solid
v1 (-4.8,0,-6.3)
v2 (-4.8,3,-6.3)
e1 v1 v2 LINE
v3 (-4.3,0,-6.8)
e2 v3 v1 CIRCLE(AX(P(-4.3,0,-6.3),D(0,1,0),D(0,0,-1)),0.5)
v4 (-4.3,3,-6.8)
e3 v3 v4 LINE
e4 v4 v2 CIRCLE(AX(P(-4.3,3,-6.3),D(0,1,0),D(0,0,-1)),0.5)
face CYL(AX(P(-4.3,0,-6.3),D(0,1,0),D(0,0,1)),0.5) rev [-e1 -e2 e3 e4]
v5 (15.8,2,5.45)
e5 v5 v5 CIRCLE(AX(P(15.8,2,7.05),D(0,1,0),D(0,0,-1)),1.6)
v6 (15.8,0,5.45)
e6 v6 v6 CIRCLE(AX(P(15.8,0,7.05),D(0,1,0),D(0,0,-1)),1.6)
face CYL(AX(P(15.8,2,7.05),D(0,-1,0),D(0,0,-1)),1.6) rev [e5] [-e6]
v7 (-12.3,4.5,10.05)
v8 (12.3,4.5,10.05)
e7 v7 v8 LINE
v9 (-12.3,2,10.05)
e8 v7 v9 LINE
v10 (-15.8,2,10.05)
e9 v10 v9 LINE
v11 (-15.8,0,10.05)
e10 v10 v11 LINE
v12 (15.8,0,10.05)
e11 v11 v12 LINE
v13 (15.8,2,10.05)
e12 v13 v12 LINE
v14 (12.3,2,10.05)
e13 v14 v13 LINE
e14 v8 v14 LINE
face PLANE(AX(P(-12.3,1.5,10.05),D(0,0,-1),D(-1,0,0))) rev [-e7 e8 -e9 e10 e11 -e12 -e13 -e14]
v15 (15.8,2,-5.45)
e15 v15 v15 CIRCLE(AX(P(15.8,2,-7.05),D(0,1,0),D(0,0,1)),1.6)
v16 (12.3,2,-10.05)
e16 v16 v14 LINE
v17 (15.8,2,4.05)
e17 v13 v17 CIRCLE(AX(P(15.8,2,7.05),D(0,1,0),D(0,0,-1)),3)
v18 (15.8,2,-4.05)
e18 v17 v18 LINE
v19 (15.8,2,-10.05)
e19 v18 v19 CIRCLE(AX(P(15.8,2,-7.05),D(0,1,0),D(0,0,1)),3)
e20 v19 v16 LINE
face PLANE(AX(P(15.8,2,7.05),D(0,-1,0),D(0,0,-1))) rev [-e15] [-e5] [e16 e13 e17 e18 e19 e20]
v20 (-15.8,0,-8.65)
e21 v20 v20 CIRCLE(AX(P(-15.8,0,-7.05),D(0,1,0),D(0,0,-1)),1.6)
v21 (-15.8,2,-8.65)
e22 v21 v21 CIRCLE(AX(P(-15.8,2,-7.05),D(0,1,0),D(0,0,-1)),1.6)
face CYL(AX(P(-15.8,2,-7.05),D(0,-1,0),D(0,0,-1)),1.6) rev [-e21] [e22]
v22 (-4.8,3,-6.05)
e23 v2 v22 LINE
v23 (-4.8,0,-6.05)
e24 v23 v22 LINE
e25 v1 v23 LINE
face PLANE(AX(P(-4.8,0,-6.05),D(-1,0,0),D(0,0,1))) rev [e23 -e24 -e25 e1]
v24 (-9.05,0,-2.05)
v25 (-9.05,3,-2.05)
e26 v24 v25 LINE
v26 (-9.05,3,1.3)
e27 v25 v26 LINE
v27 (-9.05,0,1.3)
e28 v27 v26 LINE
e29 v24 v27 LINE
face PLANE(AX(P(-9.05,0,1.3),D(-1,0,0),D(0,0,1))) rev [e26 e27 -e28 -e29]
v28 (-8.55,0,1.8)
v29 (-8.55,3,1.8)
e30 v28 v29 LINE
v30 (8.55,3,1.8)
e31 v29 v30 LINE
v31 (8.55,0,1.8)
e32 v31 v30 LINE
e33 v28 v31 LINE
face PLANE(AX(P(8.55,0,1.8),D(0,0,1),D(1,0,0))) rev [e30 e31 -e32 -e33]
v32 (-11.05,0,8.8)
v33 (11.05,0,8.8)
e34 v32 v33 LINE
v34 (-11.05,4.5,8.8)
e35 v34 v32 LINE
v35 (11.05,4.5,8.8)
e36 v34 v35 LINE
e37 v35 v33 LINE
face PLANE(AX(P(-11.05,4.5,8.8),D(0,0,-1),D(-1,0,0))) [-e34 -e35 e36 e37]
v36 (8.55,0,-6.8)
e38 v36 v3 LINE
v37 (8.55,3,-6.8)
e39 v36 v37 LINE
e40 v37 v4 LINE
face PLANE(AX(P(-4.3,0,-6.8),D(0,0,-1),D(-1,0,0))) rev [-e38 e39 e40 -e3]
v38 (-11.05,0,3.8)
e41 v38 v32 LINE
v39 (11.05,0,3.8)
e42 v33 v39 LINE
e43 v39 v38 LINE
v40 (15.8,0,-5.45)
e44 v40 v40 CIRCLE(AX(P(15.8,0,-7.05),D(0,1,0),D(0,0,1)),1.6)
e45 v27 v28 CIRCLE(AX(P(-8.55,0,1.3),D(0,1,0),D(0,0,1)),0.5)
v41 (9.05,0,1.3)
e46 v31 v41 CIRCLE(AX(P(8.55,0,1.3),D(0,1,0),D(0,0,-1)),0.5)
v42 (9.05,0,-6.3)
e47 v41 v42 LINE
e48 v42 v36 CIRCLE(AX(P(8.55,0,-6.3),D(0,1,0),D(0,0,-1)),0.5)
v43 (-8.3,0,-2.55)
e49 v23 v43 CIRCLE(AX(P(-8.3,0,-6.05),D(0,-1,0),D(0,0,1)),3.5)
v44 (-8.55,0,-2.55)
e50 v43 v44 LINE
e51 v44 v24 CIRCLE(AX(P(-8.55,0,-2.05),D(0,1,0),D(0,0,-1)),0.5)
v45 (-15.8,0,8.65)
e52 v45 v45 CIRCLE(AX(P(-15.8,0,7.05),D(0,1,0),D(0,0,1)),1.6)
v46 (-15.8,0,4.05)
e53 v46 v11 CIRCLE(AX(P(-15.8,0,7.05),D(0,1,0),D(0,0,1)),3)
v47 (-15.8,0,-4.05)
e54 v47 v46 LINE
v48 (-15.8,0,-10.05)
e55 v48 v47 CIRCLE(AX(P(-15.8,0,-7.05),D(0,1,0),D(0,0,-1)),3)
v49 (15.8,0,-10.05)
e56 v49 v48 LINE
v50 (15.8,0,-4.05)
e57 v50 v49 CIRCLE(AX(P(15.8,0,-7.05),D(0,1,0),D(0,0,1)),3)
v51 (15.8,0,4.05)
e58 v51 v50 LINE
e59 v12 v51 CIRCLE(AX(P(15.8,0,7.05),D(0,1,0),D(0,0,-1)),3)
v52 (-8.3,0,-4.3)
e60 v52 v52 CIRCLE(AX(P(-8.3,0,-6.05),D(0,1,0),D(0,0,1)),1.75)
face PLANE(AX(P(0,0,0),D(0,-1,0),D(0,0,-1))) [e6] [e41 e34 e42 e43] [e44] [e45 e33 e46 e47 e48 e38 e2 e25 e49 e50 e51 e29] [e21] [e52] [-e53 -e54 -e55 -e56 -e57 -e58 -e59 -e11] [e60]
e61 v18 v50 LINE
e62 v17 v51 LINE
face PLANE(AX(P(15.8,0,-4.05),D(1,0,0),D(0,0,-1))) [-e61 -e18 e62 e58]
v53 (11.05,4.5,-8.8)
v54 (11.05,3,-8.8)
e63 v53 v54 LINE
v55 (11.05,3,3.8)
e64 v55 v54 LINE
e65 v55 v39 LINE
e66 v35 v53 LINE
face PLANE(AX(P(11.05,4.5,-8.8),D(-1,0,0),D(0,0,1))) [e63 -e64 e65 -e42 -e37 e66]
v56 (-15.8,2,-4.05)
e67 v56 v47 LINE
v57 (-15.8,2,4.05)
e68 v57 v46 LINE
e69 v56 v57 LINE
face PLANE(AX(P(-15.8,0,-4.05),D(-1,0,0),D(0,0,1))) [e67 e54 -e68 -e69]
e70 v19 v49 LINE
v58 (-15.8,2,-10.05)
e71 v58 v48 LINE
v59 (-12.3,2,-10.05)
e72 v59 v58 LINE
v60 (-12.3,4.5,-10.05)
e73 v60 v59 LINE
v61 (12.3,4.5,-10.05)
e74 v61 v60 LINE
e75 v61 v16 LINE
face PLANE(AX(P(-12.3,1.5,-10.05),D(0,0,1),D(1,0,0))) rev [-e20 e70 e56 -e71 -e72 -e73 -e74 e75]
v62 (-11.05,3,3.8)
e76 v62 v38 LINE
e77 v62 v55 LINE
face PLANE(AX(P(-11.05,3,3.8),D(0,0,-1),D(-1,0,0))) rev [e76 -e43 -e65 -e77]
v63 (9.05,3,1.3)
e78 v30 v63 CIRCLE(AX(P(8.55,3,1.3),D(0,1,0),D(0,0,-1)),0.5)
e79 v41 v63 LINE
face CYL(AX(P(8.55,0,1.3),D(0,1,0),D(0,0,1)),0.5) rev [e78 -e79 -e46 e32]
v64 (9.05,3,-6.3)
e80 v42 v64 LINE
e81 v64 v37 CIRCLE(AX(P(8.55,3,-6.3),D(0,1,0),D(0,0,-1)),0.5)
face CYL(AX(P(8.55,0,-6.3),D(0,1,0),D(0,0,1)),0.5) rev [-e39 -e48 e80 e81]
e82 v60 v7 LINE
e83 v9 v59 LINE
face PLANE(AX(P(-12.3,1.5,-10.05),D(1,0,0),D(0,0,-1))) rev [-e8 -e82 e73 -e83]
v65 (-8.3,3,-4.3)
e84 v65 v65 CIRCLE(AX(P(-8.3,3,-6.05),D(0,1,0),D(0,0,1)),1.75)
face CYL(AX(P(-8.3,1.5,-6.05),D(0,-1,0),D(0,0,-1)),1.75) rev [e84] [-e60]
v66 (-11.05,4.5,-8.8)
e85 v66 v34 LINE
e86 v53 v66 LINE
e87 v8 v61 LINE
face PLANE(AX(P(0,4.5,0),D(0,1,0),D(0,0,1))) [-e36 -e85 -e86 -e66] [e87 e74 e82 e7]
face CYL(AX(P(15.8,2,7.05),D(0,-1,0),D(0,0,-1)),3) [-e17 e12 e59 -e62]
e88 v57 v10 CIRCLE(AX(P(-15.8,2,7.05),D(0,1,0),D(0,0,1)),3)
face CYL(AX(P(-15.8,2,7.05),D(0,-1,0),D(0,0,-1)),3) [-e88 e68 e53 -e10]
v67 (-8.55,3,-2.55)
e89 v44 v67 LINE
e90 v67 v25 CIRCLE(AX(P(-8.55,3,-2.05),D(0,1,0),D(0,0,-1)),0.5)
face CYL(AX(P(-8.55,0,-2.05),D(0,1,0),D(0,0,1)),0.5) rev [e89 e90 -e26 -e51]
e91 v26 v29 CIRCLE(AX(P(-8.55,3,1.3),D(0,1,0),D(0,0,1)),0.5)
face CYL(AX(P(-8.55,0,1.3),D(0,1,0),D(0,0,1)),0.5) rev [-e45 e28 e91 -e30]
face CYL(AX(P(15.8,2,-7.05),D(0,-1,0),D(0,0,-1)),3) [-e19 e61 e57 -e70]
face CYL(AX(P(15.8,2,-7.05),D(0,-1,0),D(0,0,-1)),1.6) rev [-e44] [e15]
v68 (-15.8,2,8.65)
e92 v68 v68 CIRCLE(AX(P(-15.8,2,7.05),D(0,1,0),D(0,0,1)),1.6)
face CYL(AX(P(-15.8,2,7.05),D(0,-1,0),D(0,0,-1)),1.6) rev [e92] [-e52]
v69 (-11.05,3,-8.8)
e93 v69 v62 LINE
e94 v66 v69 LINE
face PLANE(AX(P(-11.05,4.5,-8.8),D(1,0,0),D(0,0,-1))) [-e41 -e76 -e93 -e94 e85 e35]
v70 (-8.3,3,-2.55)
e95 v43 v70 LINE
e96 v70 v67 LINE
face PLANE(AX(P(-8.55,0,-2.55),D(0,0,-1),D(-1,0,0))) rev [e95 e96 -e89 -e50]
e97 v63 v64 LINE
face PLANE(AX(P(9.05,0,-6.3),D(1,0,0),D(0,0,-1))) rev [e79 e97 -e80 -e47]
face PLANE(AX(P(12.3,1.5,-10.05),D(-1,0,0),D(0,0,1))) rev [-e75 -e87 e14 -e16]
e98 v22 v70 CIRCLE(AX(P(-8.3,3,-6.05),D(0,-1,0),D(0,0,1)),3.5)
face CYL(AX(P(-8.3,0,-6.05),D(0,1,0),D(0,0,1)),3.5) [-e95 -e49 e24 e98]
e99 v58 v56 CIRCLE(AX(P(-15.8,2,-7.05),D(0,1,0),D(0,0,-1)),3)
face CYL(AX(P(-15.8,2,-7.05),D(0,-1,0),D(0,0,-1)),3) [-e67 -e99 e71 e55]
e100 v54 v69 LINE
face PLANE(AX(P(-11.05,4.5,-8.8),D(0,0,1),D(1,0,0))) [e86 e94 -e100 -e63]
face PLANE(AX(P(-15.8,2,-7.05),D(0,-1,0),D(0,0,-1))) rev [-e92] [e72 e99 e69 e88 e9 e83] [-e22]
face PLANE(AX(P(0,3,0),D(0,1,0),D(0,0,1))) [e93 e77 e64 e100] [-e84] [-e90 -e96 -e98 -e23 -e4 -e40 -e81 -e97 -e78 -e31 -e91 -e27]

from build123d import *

# Parameters (mm, degrees)
SKETCH1_W           = 24.6
SKETCH1_H           = 20.1
SKETCH1_R           = 1.75
BOSS_EXTRUDE1_DEPTH = 1.5
SKETCH2_W           = 24.6
SKETCH2_H           = 20.1
SKETCH2_W_2         = 22.1
SKETCH2_H_2         = 17.6
BOSS_EXTRUDE2_DEPTH = 3
SKETCH3_W           = 22.1
SKETCH3_H           = 12.6
SKETCH3_R           = 1.75
BOSS_EXTRUDE3_DEPTH = 1.5
SKETCH4_R           = 1.6
BOSS_EXTRUDE4_DEPTH = 2
CUT_EXTRUDE1_DEPTH  = 22.527714695
SKETCH6_W           = 22.1
SKETCH6_H           = 5
CUT_EXTRUDE2_DEPTH  = 22.527714695
SKETCH8_W           = 3.5
SKETCH8_H           = 8.1
BOSS_EXTRUDE5_DEPTH = 2


with BuildPart() as part:
    # Sketch1 → Boss-Extrude1 (new body)
    with BuildSketch(Plane(origin=(0, 0, 0), x_dir=(1, 0, 0), z_dir=(0, 1, 0))):
        Rectangle(SKETCH1_W, SKETCH1_H)
        with Locations(Location((-8.3, 6.05, 0), (0, 0, 270))):
            Circle(SKETCH1_R, mode=Mode.SUBTRACT)
    extrude(amount=BOSS_EXTRUDE1_DEPTH)

    # Sketch2 → Boss-Extrude2 (add)
    with BuildSketch(Plane(origin=(0, 1.5, 0), x_dir=(1, 0, 0), z_dir=(0, 1, 0))):
        Rectangle(SKETCH2_W, SKETCH2_H)
        Rectangle(SKETCH2_W_2, SKETCH2_H_2, mode=Mode.SUBTRACT)
    extrude(amount=BOSS_EXTRUDE2_DEPTH)

    # Sketch3 → Boss-Extrude3 (add)
    with BuildSketch(Plane(origin=(0, 1.5, 0), x_dir=(1, 0, 0), z_dir=(0, 1, 0))):
        with Locations((0, 2.5)):
            Rectangle(SKETCH3_W, SKETCH3_H)
        with Locations(Location((-8.3, 6.05, 0), (0, 0, 270))):
            Circle(SKETCH3_R, mode=Mode.SUBTRACT)
    extrude(amount=BOSS_EXTRUDE3_DEPTH)

    # Sketch4 → Boss-Extrude4 (add)
    # profile 1 of 4: a face of its own
    with BuildSketch(Plane(origin=(0, 0, 0), x_dir=(1, 0, 0), z_dir=(0, 1, 0))):
        with BuildLine():
            Line((15.8, 10.05), (12.3, 10.05))
            Line((12.3, 10.05), (12.3, 4.05))
            Line((12.3, 4.05), (15.8, 4.05))
            ThreePointArc((15.8, 4.05), (18.8, 7.05), (15.8, 10.05))
        make_face()
        with Locations(Location((15.8, 7.05, 0), (0, 0, 270))):
            Circle(SKETCH4_R, mode=Mode.SUBTRACT)
    # profile 2 of 4: a face of its own
    with BuildSketch(Plane(origin=(0, 0, 0), x_dir=(1, 0, 0), z_dir=(0, 1, 0))):
        with BuildLine():
            Line((-15.8, 4.05), (-12.3, 4.05))
            Line((-12.3, 4.05), (-12.3, 10.05))
            Line((-12.3, 10.05), (-15.8, 10.05))
            ThreePointArc((-15.8, 10.05), (-18.8, 7.05), (-15.8, 4.05))
        make_face()
        with Locations(Location((-15.8, 7.05, 0), (0, 0, 90))):
            Circle(SKETCH4_R, mode=Mode.SUBTRACT)
    # profile 3 of 4: a face of its own
    with BuildSketch(Plane(origin=(0, 0, 0), x_dir=(1, 0, 0), z_dir=(0, 1, 0))):
        with BuildLine():
            Line((15.8, -4.05), (12.3, -4.05))
            Line((12.3, -4.05), (12.3, -10.05))
            Line((12.3, -10.05), (15.8, -10.05))
            ThreePointArc((15.8, -10.05), (18.8, -7.05), (15.8, -4.05))
        make_face()
        with Locations(Location((15.8, -7.05, 0), (0, 0, 90))):
            Circle(SKETCH4_R, mode=Mode.SUBTRACT)
    # profile 4 of 4: a face of its own
    with BuildSketch(Plane(origin=(0, 0, 0), x_dir=(1, 0, 0), z_dir=(0, 1, 0))):
        with BuildLine():
            Line((-15.8, -10.05), (-12.3, -10.05))
            Line((-12.3, -10.05), (-12.3, -4.05))
            Line((-12.3, -4.05), (-15.8, -4.05))
            ThreePointArc((-15.8, -4.05), (-18.8, -7.05), (-15.8, -10.05))
        make_face()
        with Locations(Location((-15.8, -7.05, 0), (0, 0, 270))):
            Circle(SKETCH4_R, mode=Mode.SUBTRACT)
    extrude(amount=BOSS_EXTRUDE4_DEPTH)

    # Sketch5 → Cut-Extrude1 (cut, through all)
    with BuildSketch(Plane(origin=(0, 3, 0), x_dir=(1, 0, 0), z_dir=(0, 1, 0))):
        with BuildLine():
            Line((-9.05, -1.3), (-9.05, 2.05))
            ThreePointArc((-9.05, 2.05), (-8.903553391, 2.403553391), (-8.55, 2.55))
            Line((-8.55, 2.55), (-8.3, 2.55))
            ThreePointArc((-8.3, 2.55), (-5.825126266, 3.575126266), (-4.8, 6.05))
            Line((-4.8, 6.05), (-4.8, 6.3))
            ThreePointArc((-4.8, 6.3), (-4.653553391, 6.653553391), (-4.3, 6.8))
            Line((-4.3, 6.8), (8.55, 6.8))
            ThreePointArc((8.55, 6.8), (8.903553391, 6.653553391), (9.05, 6.3))
            Line((9.05, 6.3), (9.05, -1.3))
            ThreePointArc((9.05, -1.3), (8.903553391, -1.653553391), (8.55, -1.8))
            Line((8.55, -1.8), (-8.55, -1.8))
            ThreePointArc((-8.55, -1.8), (-8.903553391, -1.653553391), (-9.05, -1.3))
        make_face()
    extrude(amount=-CUT_EXTRUDE1_DEPTH, mode=Mode.SUBTRACT)

    # Sketch6 → Cut-Extrude2 (cut, through all)
    with BuildSketch(Plane(origin=(0, 1.5, 0), x_dir=(1, 0, 0), z_dir=(0, 1, 0))):
        with Locations((0, -6.3)):
            Rectangle(SKETCH6_W, SKETCH6_H)
    extrude(amount=-CUT_EXTRUDE2_DEPTH, mode=Mode.SUBTRACT)

    # Sketch8 → Boss-Extrude5 (add, through all)
    with BuildSketch(Plane(origin=(0, 2, 0), x_dir=(1, 0, 0), z_dir=(0, 1, 0))):
        with Locations((-14.05, 0)):
            Rectangle(SKETCH8_W, SKETCH8_H)
        with Locations((14.05, 0)):
            Rectangle(SKETCH8_W, SKETCH8_H)
    extrude(amount=-BOSS_EXTRUDE5_DEPTH)


solid = part.part
